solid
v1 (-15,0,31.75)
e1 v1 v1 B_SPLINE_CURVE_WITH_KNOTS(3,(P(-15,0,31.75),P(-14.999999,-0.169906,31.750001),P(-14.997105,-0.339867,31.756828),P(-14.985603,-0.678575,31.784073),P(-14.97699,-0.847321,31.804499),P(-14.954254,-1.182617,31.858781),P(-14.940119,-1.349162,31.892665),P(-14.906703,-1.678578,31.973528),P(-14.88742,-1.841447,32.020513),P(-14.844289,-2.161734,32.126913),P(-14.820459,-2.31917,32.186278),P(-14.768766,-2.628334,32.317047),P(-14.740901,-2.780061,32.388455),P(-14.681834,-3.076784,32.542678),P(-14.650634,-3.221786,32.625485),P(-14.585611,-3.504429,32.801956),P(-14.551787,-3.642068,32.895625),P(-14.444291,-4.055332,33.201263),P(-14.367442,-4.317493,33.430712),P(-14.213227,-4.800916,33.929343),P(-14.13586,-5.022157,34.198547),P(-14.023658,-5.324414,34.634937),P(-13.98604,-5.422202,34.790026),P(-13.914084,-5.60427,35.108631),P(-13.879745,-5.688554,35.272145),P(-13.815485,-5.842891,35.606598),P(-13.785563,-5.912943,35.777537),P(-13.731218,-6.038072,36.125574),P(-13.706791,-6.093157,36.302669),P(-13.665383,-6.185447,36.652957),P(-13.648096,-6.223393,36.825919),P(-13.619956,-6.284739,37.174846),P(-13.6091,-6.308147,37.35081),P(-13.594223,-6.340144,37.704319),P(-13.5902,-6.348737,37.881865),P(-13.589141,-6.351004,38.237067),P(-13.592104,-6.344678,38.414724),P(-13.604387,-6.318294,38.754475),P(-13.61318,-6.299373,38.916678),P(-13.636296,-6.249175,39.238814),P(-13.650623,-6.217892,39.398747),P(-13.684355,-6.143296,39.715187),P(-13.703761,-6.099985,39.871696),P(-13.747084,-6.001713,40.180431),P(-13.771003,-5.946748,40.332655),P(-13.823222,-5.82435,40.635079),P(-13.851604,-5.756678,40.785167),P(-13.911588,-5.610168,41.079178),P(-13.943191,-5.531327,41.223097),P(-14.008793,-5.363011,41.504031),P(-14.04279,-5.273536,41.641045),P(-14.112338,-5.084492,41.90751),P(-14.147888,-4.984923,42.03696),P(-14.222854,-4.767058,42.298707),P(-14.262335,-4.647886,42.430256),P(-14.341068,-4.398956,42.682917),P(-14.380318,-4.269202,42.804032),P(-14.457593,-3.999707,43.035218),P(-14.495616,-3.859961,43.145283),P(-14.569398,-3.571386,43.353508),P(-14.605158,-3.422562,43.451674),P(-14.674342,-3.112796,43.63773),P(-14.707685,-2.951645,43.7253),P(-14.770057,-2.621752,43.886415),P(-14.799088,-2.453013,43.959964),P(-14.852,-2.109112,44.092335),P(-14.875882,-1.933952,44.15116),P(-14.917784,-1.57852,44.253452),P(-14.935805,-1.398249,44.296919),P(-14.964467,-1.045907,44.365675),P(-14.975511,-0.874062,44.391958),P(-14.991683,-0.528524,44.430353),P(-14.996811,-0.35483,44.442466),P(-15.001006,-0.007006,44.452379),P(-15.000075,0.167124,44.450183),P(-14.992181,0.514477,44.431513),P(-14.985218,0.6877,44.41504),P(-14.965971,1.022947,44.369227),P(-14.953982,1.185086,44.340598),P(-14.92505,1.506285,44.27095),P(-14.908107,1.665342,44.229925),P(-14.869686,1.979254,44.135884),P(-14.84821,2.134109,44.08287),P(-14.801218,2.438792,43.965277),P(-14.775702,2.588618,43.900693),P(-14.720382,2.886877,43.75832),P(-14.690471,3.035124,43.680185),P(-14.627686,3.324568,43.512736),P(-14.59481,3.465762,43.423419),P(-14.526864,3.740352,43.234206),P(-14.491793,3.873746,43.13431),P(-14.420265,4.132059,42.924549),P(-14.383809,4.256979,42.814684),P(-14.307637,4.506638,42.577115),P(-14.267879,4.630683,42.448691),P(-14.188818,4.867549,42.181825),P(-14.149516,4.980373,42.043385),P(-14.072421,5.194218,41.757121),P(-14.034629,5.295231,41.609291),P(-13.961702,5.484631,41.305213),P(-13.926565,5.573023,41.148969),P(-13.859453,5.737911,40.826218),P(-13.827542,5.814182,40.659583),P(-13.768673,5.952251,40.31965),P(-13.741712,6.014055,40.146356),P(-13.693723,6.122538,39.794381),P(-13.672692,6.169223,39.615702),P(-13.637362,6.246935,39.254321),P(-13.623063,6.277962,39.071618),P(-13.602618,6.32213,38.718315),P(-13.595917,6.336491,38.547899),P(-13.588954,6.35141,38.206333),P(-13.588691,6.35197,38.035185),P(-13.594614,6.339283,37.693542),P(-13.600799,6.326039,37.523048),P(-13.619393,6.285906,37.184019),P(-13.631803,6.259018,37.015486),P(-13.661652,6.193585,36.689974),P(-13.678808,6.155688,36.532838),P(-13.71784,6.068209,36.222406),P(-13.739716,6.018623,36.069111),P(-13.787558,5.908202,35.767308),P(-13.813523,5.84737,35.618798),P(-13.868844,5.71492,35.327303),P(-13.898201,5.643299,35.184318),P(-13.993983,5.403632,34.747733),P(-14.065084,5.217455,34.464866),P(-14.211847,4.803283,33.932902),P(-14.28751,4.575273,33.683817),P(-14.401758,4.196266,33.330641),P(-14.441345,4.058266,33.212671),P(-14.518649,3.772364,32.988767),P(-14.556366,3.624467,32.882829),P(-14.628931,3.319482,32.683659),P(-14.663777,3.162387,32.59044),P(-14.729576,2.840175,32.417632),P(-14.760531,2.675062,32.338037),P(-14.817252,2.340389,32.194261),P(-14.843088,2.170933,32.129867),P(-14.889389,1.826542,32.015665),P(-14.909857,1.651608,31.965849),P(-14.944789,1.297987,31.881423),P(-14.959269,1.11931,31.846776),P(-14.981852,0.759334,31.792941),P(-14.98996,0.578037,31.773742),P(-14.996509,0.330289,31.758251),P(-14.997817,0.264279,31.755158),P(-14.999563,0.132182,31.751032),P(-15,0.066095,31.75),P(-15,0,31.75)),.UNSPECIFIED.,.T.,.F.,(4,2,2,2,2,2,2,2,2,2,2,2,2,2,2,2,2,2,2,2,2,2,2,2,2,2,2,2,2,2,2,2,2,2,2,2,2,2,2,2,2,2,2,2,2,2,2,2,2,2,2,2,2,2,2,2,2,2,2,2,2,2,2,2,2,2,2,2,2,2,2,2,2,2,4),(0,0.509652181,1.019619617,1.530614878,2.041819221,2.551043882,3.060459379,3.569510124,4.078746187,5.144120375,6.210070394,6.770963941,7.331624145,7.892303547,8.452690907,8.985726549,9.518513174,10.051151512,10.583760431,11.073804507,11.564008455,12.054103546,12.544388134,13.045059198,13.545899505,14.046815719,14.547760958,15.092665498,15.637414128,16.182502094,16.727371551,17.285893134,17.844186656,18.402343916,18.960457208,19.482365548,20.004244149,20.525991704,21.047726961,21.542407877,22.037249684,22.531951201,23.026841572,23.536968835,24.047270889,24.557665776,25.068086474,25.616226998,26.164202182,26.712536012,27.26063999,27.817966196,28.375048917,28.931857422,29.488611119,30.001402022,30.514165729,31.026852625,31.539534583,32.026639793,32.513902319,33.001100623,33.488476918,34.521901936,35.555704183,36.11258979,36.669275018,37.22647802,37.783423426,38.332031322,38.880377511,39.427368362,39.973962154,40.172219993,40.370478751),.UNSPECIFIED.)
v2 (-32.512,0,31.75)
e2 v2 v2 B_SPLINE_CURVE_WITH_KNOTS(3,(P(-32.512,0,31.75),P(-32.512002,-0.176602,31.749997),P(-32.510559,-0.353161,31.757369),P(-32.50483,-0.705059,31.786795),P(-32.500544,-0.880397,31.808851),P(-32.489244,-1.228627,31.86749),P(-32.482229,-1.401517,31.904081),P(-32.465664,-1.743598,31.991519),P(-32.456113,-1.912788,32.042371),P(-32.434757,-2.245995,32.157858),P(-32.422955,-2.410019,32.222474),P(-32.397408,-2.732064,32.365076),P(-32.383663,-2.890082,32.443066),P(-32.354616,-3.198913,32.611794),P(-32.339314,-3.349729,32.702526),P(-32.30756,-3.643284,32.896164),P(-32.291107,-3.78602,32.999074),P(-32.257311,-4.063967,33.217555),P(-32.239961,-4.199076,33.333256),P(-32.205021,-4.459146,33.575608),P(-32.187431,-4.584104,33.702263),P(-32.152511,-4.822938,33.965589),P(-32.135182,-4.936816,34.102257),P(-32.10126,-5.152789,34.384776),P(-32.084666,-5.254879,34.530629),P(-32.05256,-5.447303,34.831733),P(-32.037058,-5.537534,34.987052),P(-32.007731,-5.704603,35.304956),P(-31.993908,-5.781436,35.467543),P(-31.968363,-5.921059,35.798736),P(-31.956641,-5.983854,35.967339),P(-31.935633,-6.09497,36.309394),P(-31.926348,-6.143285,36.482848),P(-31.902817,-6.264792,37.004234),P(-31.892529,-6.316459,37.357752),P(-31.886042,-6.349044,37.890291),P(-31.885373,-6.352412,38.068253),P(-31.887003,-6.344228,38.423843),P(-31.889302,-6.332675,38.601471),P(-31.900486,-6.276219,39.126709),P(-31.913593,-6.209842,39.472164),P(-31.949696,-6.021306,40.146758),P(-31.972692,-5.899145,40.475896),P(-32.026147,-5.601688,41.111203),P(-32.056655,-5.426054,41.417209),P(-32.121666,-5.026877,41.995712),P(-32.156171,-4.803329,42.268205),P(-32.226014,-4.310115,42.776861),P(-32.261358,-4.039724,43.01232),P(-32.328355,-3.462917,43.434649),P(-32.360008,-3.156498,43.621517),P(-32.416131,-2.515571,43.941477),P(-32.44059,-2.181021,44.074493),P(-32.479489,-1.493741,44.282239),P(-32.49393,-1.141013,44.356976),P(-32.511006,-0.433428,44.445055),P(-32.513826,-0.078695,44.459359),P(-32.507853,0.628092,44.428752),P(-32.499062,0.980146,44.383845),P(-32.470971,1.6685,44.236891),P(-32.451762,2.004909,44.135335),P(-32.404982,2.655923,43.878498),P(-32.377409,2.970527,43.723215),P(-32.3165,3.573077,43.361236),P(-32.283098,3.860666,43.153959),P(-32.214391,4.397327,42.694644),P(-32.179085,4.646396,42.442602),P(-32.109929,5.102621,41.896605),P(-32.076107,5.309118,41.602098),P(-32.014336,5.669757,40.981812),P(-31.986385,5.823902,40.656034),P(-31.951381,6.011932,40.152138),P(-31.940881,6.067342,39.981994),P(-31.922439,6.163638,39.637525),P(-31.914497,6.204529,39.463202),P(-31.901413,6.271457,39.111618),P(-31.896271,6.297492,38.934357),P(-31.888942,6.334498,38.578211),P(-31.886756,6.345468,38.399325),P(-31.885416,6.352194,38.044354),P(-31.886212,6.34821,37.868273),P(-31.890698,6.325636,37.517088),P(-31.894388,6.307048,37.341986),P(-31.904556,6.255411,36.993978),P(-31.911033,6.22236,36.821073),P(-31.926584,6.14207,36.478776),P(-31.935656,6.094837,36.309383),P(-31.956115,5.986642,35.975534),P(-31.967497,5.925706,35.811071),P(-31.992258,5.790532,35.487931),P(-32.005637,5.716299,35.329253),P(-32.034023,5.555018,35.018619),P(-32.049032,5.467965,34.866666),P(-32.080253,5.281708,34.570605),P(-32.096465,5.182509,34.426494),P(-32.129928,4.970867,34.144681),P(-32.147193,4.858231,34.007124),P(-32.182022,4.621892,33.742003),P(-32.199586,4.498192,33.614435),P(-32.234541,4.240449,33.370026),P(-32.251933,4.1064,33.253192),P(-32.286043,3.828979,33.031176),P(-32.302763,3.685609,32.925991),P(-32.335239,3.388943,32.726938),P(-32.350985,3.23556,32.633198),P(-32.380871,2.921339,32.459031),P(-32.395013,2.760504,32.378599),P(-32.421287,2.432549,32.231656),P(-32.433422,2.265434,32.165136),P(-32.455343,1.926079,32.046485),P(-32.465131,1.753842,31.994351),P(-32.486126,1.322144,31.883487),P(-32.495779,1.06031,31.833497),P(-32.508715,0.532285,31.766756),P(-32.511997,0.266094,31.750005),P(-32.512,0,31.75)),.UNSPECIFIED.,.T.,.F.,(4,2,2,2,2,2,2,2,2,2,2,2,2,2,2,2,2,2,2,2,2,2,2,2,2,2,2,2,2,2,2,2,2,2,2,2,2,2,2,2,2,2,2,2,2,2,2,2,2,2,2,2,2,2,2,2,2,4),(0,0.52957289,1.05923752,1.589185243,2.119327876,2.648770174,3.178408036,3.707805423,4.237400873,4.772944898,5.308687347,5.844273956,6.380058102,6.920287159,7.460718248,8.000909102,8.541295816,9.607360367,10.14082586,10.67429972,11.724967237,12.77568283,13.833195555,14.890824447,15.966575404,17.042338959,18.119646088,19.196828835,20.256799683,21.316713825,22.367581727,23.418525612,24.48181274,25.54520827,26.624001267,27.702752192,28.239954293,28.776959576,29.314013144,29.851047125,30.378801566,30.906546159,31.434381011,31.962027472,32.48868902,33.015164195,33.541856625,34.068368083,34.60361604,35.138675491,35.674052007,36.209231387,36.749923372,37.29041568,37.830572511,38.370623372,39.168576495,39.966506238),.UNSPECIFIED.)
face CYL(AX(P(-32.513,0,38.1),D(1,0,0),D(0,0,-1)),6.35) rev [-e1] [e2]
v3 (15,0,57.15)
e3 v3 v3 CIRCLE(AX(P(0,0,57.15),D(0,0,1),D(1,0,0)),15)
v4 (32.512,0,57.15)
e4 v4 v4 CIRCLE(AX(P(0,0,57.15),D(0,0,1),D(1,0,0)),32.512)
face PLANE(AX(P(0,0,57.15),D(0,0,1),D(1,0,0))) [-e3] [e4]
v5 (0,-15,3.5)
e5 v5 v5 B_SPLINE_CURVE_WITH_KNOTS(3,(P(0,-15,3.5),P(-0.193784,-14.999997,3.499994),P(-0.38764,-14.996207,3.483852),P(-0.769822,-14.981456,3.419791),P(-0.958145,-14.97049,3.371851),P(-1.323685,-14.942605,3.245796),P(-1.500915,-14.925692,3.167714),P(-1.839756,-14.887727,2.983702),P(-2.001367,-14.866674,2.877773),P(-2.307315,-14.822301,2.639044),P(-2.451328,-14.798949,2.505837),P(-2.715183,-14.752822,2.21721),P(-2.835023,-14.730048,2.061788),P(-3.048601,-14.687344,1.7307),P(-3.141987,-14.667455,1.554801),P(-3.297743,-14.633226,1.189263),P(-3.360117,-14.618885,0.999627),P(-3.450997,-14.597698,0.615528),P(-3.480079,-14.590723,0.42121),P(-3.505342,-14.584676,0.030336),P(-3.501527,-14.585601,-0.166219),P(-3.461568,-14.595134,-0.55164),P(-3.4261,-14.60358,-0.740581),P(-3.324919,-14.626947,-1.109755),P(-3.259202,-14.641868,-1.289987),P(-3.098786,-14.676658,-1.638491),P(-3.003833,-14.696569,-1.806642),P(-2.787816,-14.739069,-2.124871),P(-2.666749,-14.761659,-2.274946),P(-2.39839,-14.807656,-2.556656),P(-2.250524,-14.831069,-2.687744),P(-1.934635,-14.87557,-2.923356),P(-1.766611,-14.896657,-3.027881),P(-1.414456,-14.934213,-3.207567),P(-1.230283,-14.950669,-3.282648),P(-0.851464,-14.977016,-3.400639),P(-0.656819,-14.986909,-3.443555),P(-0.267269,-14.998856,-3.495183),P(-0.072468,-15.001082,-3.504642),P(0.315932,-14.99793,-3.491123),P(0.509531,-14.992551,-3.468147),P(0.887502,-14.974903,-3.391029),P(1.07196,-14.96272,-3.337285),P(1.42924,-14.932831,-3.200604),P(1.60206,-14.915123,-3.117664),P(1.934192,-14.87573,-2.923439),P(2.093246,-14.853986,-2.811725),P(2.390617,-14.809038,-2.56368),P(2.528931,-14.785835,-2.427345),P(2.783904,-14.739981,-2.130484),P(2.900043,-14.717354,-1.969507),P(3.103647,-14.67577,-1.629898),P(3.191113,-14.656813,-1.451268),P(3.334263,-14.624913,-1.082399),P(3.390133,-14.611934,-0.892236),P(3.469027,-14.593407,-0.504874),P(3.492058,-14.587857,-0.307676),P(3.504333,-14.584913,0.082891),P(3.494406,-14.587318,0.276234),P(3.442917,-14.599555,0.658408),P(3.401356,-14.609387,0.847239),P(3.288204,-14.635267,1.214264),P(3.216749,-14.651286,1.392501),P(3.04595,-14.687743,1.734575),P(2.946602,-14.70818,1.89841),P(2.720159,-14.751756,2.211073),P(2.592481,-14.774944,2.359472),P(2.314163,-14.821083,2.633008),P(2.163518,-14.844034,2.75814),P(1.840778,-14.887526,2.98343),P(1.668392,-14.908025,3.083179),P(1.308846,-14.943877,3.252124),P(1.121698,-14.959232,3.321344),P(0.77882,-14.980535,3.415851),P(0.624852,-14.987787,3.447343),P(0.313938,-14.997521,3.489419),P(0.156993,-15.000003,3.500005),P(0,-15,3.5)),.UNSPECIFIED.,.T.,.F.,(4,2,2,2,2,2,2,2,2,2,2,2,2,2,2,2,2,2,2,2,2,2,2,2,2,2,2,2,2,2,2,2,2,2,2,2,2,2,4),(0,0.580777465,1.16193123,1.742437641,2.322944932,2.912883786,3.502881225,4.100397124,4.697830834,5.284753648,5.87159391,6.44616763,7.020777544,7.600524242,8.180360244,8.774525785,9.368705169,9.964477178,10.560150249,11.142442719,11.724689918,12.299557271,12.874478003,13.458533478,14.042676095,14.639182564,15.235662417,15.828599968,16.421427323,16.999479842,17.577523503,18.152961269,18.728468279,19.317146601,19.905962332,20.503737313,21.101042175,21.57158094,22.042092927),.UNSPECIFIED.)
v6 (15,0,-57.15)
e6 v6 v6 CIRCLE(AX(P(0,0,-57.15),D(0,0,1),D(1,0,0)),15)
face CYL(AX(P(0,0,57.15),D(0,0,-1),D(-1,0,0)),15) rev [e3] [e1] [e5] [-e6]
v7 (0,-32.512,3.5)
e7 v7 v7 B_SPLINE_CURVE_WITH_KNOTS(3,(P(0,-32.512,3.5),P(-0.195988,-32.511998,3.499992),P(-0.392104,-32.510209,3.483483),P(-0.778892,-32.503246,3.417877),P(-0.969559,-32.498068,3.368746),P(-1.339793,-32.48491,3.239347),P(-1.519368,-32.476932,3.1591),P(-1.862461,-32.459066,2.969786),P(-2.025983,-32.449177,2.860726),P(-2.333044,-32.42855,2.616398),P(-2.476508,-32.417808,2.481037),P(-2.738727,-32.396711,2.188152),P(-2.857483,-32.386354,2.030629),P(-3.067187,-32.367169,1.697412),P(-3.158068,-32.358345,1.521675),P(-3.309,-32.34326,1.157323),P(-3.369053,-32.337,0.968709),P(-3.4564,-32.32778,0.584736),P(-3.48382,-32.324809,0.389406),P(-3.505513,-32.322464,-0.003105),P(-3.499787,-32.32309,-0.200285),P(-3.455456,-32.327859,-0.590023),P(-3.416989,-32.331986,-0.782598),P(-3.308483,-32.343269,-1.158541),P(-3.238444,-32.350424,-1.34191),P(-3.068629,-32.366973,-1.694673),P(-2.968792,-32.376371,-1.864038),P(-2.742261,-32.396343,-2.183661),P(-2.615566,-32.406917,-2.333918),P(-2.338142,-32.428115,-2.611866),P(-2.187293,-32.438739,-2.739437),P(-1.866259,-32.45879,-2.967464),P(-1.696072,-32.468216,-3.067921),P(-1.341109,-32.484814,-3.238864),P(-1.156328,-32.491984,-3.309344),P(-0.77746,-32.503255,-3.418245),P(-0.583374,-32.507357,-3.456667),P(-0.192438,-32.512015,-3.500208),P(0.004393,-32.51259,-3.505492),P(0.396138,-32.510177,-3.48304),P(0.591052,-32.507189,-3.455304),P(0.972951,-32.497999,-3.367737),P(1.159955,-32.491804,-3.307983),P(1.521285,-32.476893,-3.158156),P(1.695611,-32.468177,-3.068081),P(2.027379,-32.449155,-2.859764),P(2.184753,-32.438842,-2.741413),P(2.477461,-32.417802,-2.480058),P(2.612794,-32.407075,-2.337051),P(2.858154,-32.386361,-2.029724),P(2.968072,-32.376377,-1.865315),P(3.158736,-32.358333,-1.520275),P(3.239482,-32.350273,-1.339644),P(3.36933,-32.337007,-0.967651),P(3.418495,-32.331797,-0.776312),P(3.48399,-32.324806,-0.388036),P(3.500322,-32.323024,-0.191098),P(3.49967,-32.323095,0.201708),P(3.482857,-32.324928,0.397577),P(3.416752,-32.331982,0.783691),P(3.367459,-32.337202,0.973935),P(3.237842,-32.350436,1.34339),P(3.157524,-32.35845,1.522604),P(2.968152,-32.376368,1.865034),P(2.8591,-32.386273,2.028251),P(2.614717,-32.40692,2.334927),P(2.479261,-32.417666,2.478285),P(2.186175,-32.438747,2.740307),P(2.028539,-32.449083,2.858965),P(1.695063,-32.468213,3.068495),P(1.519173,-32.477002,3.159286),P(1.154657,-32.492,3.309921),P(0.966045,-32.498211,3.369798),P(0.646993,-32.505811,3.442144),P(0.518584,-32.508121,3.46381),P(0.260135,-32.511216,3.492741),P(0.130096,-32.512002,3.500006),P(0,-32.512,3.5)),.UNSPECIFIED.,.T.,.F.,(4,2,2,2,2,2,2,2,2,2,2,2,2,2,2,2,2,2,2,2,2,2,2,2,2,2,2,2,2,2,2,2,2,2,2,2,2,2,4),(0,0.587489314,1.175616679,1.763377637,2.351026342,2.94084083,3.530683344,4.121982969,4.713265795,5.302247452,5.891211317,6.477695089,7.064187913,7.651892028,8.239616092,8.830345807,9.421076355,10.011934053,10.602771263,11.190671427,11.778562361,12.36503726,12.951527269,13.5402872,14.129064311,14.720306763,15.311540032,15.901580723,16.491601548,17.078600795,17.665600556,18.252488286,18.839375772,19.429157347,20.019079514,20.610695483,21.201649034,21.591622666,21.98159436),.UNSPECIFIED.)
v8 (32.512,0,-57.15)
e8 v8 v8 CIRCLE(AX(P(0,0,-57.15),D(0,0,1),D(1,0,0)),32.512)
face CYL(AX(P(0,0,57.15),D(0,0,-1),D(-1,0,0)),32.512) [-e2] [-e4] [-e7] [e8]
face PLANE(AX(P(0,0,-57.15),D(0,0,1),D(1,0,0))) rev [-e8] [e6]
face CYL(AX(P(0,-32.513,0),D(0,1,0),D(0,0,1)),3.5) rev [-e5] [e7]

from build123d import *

# Parameters (mm, degrees)
SKETCH2_R               = 32.512
SKETCH2_R_2             = 15
BOSS_EXTRUDE1_DEPTH     = 57.15
CUT_EXTRUDE1_REACH      = 75.35
CUT_EXTRUDE1_END_RADIUS = 32.512
SKETCH3_R               = 6.35
CUT_EXTRUDE2_REACH      = 75.35
CUT_EXTRUDE2_END_RADIUS = 32.512
SKETCH5_R               = 3.5


with BuildPart() as part:
    # Sketch2 → Boss-Extrude1 (new, symmetric)
    with BuildSketch(Plane.XY):
        Circle(SKETCH2_R)
        Circle(SKETCH2_R_2, mode=Mode.SUBTRACT)
    extrude(amount=BOSS_EXTRUDE1_DEPTH, both=True)

    # Cut-Extrude1: up to this cylinder (the profile starts inside it)
    cut_extrude1_end = Plane(origin=(0, 0, 38.1), z_dir=(0, 0, -1)) * Cylinder(CUT_EXTRUDE1_END_RADIUS, 216.724, mode=Mode.PRIVATE)
    # Sketch3 → Cut-Extrude1 (cut, up to the surface)
    with BuildSketch(Plane(origin=(0, 0, 0), x_dir=(0, 0, -1), z_dir=(1, 0, 0)), mode=Mode.PRIVATE) as cut_extrude1_sk1:
        with Locations((-38.1, 0)):
            Circle(SKETCH3_R)
    cut_extrude1_tool1 = extrude(cut_extrude1_sk1.sketch, amount=-CUT_EXTRUDE1_REACH, mode=Mode.PRIVATE) & cut_extrude1_end
    add(cut_extrude1_tool1.solids().sort_by_distance((0, 0, 38.1))[0], mode=Mode.SUBTRACT)

    # Cut-Extrude2: up to this cylinder (the profile starts inside it)
    cut_extrude2_end = Plane(origin=(0, 0, 0), z_dir=(0, 0, -1)) * Cylinder(CUT_EXTRUDE2_END_RADIUS, 216.724, mode=Mode.PRIVATE)
    # Sketch5 → Cut-Extrude2 (cut, up to the surface)
    with BuildSketch(Plane(origin=(0, 0, 0), x_dir=(1, 0, 0), z_dir=(0, 1, 0)), mode=Mode.PRIVATE) as cut_extrude2_sk1:
        with Locations(Location((0, 0, 0), (0, 0, 270))):
            Circle(SKETCH5_R)
    cut_extrude2_tool1 = extrude(cut_extrude2_sk1.sketch, amount=-CUT_EXTRUDE2_REACH, mode=Mode.PRIVATE) & cut_extrude2_end
    add(cut_extrude2_tool1.solids().sort_by_distance((0, 0, 0))[0], mode=Mode.SUBTRACT)


solid = part.part
